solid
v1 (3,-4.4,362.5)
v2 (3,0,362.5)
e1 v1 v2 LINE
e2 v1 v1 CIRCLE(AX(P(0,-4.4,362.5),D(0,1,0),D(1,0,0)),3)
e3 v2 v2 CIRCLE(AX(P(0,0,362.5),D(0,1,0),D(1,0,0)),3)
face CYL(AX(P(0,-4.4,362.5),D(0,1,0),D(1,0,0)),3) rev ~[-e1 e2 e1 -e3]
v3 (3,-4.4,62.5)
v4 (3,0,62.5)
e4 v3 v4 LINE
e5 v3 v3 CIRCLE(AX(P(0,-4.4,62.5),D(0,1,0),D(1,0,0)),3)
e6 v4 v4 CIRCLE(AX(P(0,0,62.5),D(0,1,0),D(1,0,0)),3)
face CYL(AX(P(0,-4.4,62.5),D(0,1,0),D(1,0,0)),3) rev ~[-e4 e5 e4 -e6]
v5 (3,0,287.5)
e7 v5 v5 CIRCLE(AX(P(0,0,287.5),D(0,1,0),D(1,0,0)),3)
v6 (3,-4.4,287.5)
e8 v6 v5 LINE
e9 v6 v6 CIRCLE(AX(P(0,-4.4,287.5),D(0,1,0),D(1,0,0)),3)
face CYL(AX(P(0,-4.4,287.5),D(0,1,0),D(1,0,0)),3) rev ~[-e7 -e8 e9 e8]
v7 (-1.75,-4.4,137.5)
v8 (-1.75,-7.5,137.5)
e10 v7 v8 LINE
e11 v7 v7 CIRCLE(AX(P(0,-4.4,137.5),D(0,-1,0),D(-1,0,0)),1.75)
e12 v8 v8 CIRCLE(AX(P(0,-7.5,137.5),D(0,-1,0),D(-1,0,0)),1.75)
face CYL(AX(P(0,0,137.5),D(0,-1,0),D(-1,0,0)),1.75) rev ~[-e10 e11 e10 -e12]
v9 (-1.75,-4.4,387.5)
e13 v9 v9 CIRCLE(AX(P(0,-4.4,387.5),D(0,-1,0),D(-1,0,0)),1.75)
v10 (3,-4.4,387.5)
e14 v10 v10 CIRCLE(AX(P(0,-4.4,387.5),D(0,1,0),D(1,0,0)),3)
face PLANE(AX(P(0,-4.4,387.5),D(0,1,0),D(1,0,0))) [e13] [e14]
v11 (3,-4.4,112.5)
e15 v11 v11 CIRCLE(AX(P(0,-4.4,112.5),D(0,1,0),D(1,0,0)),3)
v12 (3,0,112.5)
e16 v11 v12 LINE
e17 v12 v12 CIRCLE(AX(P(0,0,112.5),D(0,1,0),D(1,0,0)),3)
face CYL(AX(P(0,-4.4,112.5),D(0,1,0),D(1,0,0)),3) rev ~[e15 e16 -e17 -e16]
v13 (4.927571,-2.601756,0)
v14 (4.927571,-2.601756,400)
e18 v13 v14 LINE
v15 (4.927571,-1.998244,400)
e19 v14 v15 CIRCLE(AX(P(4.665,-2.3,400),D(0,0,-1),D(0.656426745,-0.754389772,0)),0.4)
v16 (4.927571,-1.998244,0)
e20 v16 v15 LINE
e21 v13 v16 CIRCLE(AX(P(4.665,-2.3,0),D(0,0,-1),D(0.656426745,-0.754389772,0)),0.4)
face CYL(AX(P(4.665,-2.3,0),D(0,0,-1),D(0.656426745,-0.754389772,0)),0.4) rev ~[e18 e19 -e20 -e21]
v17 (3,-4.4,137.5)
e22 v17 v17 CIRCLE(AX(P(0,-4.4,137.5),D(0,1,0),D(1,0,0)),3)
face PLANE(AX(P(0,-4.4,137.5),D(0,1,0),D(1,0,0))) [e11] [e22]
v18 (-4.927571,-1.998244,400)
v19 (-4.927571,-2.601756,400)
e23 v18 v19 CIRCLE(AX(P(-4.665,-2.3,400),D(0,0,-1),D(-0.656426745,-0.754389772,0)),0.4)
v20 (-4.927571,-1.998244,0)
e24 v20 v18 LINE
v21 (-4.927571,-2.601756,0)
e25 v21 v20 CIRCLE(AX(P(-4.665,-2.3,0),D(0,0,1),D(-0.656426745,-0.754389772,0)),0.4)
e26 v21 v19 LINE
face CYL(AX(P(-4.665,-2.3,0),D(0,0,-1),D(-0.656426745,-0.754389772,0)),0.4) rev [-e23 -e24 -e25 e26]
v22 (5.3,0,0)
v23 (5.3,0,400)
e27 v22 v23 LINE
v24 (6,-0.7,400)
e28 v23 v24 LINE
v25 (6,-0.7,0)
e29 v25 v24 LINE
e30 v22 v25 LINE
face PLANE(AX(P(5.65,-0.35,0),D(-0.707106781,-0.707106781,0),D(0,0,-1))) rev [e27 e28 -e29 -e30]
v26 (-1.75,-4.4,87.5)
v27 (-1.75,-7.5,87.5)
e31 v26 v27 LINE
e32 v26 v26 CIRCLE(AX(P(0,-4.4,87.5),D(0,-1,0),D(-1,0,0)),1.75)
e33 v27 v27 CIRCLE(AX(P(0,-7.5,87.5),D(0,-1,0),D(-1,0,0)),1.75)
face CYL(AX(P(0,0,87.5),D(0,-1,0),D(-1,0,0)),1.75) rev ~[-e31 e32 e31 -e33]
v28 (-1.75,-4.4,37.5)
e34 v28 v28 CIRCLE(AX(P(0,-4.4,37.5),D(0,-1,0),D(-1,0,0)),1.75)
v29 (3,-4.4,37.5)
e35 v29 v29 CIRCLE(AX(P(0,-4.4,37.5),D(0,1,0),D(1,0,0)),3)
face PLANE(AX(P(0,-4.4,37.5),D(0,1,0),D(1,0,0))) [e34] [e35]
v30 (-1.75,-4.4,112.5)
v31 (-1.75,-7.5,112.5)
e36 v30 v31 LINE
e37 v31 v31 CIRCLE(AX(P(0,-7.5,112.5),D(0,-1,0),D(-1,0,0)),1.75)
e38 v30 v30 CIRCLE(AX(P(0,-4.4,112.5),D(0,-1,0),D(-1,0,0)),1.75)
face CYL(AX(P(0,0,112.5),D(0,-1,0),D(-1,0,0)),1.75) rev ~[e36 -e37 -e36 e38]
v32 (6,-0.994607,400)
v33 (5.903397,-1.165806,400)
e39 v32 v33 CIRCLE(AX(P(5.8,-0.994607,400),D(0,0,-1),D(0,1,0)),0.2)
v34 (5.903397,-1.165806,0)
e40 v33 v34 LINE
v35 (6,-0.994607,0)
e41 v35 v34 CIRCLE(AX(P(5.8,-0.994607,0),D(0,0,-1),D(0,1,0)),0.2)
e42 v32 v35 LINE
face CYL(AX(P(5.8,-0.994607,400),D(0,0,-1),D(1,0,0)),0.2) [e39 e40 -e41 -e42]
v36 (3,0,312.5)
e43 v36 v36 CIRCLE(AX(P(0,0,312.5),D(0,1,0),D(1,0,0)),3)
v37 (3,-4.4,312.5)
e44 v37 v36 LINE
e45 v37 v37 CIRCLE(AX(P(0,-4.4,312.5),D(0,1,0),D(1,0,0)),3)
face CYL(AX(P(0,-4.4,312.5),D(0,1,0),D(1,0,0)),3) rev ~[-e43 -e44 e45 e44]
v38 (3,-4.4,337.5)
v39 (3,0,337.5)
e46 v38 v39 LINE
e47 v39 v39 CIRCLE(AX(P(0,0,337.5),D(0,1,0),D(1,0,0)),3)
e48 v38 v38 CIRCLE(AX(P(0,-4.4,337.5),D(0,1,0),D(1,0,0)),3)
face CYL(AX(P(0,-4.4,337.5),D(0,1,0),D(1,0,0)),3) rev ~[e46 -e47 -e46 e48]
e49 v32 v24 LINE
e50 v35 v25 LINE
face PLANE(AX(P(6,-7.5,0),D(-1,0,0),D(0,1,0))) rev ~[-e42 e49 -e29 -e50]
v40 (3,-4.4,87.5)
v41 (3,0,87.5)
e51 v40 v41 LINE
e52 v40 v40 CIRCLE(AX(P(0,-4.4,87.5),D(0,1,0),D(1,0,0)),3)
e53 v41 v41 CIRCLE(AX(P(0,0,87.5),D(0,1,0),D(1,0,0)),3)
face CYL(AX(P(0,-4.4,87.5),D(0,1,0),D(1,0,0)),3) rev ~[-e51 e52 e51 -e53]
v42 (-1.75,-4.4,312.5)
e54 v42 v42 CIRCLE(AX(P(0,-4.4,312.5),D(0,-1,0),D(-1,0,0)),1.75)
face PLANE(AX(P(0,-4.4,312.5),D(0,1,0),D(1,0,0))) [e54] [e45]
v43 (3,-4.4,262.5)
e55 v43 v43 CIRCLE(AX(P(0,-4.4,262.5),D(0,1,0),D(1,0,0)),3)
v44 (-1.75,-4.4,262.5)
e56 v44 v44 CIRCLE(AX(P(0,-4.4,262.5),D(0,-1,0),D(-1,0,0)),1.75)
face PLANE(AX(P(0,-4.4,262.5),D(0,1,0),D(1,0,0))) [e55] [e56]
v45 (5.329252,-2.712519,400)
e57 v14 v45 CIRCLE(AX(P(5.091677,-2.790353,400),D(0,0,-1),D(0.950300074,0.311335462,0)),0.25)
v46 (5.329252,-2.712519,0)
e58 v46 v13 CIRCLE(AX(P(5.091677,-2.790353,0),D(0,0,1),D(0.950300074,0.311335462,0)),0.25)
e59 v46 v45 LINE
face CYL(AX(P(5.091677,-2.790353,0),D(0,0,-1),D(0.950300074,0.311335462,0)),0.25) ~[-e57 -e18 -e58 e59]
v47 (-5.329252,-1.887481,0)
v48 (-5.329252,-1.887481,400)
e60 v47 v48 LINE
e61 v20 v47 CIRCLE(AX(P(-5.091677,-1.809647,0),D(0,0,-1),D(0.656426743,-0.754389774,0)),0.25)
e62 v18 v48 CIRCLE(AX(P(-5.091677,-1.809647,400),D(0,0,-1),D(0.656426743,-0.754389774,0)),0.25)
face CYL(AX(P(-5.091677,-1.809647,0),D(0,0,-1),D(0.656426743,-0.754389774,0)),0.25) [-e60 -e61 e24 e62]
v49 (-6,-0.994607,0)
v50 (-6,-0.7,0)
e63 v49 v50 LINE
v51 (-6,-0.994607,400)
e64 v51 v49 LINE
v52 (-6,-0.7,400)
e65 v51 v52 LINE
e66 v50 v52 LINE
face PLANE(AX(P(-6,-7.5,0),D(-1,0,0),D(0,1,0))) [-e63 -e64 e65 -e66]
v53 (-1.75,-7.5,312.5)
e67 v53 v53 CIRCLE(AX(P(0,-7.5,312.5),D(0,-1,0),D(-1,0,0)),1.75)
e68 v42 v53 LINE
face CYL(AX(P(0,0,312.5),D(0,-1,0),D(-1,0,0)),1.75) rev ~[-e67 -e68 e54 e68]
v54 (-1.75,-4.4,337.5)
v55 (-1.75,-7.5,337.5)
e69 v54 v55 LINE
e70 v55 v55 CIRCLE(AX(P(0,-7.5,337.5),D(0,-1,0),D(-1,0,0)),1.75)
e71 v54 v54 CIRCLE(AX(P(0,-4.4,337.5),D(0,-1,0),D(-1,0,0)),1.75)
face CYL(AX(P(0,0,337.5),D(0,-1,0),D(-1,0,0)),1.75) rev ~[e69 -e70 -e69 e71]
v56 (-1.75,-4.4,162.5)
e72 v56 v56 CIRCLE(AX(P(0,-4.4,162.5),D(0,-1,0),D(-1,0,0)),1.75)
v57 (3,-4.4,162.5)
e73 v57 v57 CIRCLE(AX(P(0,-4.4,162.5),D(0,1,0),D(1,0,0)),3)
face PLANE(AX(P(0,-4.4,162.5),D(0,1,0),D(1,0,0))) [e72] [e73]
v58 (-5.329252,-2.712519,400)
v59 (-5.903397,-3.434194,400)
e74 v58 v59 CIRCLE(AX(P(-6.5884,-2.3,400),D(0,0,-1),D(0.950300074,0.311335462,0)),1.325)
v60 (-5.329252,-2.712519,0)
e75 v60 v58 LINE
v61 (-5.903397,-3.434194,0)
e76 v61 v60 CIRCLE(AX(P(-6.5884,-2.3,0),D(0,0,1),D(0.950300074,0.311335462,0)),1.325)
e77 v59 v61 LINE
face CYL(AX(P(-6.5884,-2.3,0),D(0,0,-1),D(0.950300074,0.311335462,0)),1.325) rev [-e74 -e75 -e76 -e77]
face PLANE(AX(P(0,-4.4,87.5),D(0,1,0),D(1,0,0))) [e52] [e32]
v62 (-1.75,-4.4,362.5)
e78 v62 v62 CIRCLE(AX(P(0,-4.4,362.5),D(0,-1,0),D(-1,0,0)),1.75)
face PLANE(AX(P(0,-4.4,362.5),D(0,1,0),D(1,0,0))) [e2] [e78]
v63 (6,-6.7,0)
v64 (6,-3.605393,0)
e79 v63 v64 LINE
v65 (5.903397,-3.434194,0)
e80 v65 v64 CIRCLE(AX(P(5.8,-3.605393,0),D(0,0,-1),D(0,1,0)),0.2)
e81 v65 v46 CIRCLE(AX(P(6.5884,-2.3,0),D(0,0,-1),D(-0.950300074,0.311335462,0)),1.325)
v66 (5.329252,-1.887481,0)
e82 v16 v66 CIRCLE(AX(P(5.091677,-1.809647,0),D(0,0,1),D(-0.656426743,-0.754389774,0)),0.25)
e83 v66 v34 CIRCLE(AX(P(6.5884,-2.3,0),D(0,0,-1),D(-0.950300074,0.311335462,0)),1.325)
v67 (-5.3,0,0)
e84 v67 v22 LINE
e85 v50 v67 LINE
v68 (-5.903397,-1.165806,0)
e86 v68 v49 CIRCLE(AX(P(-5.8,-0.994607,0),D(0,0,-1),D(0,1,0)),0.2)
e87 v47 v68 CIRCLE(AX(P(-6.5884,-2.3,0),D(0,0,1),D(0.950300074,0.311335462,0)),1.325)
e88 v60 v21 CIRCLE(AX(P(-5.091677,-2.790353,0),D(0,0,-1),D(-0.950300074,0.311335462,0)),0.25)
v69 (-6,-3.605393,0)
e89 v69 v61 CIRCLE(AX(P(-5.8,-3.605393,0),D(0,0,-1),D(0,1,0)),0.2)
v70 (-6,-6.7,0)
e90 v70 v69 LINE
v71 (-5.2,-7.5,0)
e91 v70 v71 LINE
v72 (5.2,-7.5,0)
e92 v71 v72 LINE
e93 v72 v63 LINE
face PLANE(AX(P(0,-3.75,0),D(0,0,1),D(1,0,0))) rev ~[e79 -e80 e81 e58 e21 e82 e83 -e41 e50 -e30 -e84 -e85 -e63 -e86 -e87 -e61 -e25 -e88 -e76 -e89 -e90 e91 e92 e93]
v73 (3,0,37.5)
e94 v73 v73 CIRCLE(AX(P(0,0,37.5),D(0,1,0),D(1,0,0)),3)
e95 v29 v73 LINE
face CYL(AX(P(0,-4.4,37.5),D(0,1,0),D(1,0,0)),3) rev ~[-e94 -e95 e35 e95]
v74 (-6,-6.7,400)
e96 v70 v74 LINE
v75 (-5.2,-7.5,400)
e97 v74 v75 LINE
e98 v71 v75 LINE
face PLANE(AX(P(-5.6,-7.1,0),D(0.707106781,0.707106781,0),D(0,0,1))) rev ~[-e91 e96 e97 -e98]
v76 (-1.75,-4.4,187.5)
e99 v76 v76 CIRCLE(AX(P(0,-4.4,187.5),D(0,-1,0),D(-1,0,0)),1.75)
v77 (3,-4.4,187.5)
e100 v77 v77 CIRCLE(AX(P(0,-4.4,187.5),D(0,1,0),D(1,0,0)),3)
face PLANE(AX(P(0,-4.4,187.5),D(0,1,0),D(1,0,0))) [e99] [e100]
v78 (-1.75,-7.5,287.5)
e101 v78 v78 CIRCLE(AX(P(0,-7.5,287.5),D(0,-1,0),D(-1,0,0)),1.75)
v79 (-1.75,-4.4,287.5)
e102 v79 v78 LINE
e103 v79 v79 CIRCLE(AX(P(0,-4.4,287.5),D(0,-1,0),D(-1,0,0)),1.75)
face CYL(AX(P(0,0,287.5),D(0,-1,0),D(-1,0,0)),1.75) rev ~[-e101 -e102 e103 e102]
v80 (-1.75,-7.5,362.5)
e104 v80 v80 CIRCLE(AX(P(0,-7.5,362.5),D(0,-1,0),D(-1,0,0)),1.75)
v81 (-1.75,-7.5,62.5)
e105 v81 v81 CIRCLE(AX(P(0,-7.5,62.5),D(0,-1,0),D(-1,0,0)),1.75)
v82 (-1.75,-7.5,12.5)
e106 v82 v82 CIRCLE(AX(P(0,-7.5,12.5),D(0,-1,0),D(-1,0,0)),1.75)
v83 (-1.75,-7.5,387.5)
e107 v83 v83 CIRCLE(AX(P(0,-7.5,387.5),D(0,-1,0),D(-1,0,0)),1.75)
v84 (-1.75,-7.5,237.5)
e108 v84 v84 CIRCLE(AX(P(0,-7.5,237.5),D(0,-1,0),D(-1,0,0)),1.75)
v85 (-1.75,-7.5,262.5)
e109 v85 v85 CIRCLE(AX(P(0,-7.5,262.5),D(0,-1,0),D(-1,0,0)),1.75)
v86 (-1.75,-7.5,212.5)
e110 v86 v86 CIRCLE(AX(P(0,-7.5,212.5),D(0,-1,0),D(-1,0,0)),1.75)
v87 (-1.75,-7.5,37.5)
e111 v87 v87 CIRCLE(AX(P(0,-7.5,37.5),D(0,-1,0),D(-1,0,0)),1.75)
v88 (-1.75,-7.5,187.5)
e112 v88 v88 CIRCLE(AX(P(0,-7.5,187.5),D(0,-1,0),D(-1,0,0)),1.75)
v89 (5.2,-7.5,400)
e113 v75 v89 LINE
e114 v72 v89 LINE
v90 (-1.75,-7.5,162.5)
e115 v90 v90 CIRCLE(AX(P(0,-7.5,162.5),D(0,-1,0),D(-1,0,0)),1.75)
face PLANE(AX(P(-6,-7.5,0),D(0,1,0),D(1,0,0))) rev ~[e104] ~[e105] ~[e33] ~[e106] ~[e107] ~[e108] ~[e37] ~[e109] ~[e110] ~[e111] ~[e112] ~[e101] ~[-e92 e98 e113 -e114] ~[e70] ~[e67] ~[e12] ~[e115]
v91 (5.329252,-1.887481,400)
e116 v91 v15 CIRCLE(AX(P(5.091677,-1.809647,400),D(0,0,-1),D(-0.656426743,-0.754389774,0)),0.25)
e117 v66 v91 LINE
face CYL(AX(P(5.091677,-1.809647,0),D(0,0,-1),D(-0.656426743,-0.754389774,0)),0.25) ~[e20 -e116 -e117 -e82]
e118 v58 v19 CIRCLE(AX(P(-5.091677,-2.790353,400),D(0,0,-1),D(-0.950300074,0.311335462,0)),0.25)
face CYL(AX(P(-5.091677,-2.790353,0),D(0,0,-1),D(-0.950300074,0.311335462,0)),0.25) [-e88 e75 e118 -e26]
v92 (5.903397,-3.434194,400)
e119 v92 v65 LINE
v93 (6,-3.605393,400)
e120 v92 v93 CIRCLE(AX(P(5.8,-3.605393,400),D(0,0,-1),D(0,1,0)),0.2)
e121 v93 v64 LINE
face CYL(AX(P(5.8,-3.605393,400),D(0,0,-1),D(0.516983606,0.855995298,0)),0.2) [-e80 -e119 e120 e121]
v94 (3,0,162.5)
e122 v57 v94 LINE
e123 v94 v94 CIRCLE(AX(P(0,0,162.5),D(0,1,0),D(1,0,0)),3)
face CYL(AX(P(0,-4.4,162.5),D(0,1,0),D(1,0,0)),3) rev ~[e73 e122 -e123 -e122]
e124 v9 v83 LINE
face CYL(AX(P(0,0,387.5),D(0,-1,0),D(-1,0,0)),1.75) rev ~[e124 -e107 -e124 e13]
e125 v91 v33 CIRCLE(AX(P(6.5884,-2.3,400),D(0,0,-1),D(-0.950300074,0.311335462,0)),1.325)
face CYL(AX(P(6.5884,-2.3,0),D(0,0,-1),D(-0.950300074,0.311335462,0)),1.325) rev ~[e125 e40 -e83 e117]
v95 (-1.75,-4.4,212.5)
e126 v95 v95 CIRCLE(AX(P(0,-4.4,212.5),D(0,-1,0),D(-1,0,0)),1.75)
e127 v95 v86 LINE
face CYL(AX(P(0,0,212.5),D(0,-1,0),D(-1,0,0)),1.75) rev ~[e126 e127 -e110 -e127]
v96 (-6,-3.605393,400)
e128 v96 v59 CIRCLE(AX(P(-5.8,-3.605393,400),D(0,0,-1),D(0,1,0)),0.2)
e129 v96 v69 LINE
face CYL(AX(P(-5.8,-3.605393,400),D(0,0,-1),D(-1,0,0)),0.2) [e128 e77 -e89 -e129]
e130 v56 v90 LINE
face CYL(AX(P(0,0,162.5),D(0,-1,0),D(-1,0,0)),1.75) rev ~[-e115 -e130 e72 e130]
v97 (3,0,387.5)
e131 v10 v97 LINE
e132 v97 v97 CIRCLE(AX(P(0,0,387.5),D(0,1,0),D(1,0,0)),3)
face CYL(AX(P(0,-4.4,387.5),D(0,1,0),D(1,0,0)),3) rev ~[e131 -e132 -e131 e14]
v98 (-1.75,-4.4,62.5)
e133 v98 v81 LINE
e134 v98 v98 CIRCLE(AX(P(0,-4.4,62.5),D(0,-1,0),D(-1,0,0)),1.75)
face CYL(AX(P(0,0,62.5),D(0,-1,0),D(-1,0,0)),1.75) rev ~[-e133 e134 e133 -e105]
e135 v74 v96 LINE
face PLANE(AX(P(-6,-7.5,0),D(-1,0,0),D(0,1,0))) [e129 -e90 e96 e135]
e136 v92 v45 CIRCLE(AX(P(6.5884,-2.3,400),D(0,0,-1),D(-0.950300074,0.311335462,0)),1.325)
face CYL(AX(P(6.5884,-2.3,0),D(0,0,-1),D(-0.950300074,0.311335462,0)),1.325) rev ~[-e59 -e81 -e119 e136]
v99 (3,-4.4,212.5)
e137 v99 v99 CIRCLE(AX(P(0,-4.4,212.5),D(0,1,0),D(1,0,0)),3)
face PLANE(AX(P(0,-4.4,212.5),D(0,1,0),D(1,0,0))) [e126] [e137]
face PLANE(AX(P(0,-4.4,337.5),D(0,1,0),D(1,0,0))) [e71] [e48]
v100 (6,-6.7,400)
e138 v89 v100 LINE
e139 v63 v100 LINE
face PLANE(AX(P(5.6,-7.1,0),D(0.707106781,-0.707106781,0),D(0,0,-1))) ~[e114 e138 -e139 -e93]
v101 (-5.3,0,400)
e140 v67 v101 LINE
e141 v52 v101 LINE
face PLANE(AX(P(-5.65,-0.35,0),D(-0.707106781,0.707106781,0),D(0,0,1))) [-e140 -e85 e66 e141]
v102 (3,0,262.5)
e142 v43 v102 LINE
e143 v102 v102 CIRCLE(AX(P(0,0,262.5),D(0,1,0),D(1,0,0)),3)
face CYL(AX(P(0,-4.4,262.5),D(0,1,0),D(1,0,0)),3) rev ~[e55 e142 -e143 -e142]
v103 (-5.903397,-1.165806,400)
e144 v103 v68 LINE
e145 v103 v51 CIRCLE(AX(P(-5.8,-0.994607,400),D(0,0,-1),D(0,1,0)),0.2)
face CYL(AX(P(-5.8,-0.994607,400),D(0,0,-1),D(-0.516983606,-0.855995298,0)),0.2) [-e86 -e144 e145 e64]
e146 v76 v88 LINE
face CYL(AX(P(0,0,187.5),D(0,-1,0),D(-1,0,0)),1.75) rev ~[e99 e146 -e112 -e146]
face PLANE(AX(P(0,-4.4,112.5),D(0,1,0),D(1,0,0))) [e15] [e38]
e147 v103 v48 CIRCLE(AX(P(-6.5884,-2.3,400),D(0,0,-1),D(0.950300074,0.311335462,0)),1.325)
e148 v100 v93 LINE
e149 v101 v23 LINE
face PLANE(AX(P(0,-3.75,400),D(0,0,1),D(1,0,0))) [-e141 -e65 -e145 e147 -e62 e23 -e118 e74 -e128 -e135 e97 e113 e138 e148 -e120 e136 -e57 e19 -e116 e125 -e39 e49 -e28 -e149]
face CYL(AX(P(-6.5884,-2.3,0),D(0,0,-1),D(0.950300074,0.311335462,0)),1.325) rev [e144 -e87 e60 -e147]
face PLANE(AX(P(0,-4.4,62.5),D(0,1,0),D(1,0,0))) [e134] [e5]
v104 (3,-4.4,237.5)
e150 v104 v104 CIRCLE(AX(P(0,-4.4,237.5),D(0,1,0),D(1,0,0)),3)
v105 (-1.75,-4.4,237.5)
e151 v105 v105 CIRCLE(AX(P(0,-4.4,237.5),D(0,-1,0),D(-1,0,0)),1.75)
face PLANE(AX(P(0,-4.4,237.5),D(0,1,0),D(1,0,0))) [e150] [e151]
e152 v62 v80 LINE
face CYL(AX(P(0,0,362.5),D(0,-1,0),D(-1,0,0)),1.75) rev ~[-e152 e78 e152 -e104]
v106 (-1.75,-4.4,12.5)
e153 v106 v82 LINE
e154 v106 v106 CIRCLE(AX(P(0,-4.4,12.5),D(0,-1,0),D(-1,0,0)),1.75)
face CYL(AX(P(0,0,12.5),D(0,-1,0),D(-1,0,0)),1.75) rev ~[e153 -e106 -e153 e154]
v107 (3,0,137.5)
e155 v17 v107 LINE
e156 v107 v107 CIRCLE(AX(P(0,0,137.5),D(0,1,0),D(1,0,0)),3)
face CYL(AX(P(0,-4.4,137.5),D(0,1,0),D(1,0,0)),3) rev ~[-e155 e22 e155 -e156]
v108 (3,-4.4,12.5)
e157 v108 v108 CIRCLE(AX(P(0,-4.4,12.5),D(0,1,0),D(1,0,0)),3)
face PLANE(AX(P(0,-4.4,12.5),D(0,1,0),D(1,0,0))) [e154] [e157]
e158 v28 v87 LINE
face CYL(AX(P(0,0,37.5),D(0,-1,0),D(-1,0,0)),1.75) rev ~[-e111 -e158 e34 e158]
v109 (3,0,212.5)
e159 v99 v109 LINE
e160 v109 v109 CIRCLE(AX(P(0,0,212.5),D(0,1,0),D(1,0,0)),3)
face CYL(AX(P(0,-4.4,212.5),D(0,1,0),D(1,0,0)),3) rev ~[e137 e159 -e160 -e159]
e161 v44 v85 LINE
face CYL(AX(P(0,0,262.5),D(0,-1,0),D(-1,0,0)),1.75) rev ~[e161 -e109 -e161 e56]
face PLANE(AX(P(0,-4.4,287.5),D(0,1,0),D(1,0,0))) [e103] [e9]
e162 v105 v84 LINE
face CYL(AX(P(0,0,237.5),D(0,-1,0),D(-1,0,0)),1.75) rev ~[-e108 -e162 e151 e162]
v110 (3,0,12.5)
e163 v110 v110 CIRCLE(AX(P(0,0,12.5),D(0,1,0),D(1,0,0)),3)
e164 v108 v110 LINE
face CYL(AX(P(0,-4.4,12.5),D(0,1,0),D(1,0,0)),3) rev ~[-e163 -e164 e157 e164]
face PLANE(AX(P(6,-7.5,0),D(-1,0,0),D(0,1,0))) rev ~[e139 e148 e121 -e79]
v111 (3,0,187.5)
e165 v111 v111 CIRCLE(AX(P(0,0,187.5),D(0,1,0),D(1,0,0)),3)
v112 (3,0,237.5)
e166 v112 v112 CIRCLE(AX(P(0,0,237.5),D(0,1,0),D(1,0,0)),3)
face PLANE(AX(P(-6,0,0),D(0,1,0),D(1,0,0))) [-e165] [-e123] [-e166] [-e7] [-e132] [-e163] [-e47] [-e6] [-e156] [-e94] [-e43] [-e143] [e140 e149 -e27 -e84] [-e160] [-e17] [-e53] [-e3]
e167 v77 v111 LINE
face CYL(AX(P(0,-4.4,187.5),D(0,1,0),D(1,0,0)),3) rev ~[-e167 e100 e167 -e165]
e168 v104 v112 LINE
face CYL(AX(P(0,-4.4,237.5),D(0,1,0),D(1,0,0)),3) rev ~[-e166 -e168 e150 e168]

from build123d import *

# Parameters (mm, degrees)
SKETCH4_W                                           = 12
SKETCH4_H                                           = 7.5
BOSS_EXTRUDE1_DEPTH                                 = 400
CUT_EXTRUDE1_DEPTH                                  = 401.115295884
FILLET1_R                                           = 0.2
CHAMFER1_SIZE                                       = 0.7
CHAMFER2_SIZE                                       = 0.8
CBORE_FOR_M3_HEX_SOCKET_HEAD_CAP_SCREW1_D           = 3.5
CBORE_FOR_M3_HEX_SOCKET_HEAD_CAP_SCREW1_CBORE_D     = 6
CBORE_FOR_M3_HEX_SOCKET_HEAD_CAP_SCREW1_CBORE_DEPTH = 4.4
LPATTERN1_COUNT                                     = 16
LPATTERN1_PITCH                                     = 25


with BuildPart() as part:
    # Sketch4 → Boss-Extrude1 (new body)
    with BuildSketch(Plane.XY):
        with Locations((0, -3.75)):
            Rectangle(SKETCH4_W, SKETCH4_H)
    extrude(amount=BOSS_EXTRUDE1_DEPTH)

    # Sketch5 → Cut-Extrude1 (cut, through all)
    with BuildSketch(Plane.XY):
        with BuildLine():
            ThreePointArc((-5.329252402, -1.887480513), (-7.9134, -2.3), (-5.329252402, -2.712519487))
            ThreePointArc((-5.329252402, -2.712519487), (-5.158134449, -2.549348252), (-4.927570698, -2.601755909))
            ThreePointArc((-4.927570698, -2.601755909), (-4.265, -2.3), (-4.927570698, -1.998244091))
            ThreePointArc((-4.927570698, -1.998244091), (-5.158134449, -2.050651748), (-5.329252402, -1.887480513))
        make_face()
    cut_extrude1 = extrude(amount=CUT_EXTRUDE1_DEPTH, mode=Mode.SUBTRACT)

    # Mirror3: Cut-Extrude1 across plane
    add(cut_extrude1.mirror(Plane(origin=(0, 0, 0), x_dir=(0, 0, 1), z_dir=(1, 0, 0))), mode=Mode.SUBTRACT)

    # Fillet1
    fillet1_edges = [part.edges().sort_by_distance(p)[0] for p in [
        (-6, -3.487185933, 200),
        (-6, -1.112814067, 200),
        (6, -1.112814067, 200),
        (6, -3.487185933, 200),
    ]]
    fillet(fillet1_edges, radius=FILLET1_R)

    # Chamfer1
    chamfer1_edges = [part.edges().sort_by_distance(p)[0] for p in [
        (-6, 0, 200),
        (6, 0, 200),
    ]]
    chamfer(chamfer1_edges, length=CHAMFER1_SIZE)

    # Chamfer2
    chamfer2_edges = [part.edges().sort_by_distance(p)[0] for p in [
        (6, -7.5, 200),
        (-6, -7.5, 200),
    ]]
    chamfer(chamfer2_edges, length=CHAMFER2_SIZE)

    # CBORE for M3 Hex Socket Head Cap Screw1 (through all)
    with Locations(Plane(origin=(0, 0, 0), x_dir=(1, 0, 0), z_dir=(0, 1, 0))):
        with Locations((0, -12.5)):
            cbore_for_m3_hex_socket_head_cap_screw1 = CounterBoreHole(CBORE_FOR_M3_HEX_SOCKET_HEAD_CAP_SCREW1_D / 2, CBORE_FOR_M3_HEX_SOCKET_HEAD_CAP_SCREW1_CBORE_D / 2, CBORE_FOR_M3_HEX_SOCKET_HEAD_CAP_SCREW1_CBORE_DEPTH)

    # LPattern1: CBORE for M3 Hex Socket Head Cap Screw1 ×16
    with Locations(*[(0, 0, i * LPATTERN1_PITCH) for i in range(1, LPATTERN1_COUNT)]):
        add(cbore_for_m3_hex_socket_head_cap_screw1, mode=Mode.SUBTRACT)


solid = part.part
